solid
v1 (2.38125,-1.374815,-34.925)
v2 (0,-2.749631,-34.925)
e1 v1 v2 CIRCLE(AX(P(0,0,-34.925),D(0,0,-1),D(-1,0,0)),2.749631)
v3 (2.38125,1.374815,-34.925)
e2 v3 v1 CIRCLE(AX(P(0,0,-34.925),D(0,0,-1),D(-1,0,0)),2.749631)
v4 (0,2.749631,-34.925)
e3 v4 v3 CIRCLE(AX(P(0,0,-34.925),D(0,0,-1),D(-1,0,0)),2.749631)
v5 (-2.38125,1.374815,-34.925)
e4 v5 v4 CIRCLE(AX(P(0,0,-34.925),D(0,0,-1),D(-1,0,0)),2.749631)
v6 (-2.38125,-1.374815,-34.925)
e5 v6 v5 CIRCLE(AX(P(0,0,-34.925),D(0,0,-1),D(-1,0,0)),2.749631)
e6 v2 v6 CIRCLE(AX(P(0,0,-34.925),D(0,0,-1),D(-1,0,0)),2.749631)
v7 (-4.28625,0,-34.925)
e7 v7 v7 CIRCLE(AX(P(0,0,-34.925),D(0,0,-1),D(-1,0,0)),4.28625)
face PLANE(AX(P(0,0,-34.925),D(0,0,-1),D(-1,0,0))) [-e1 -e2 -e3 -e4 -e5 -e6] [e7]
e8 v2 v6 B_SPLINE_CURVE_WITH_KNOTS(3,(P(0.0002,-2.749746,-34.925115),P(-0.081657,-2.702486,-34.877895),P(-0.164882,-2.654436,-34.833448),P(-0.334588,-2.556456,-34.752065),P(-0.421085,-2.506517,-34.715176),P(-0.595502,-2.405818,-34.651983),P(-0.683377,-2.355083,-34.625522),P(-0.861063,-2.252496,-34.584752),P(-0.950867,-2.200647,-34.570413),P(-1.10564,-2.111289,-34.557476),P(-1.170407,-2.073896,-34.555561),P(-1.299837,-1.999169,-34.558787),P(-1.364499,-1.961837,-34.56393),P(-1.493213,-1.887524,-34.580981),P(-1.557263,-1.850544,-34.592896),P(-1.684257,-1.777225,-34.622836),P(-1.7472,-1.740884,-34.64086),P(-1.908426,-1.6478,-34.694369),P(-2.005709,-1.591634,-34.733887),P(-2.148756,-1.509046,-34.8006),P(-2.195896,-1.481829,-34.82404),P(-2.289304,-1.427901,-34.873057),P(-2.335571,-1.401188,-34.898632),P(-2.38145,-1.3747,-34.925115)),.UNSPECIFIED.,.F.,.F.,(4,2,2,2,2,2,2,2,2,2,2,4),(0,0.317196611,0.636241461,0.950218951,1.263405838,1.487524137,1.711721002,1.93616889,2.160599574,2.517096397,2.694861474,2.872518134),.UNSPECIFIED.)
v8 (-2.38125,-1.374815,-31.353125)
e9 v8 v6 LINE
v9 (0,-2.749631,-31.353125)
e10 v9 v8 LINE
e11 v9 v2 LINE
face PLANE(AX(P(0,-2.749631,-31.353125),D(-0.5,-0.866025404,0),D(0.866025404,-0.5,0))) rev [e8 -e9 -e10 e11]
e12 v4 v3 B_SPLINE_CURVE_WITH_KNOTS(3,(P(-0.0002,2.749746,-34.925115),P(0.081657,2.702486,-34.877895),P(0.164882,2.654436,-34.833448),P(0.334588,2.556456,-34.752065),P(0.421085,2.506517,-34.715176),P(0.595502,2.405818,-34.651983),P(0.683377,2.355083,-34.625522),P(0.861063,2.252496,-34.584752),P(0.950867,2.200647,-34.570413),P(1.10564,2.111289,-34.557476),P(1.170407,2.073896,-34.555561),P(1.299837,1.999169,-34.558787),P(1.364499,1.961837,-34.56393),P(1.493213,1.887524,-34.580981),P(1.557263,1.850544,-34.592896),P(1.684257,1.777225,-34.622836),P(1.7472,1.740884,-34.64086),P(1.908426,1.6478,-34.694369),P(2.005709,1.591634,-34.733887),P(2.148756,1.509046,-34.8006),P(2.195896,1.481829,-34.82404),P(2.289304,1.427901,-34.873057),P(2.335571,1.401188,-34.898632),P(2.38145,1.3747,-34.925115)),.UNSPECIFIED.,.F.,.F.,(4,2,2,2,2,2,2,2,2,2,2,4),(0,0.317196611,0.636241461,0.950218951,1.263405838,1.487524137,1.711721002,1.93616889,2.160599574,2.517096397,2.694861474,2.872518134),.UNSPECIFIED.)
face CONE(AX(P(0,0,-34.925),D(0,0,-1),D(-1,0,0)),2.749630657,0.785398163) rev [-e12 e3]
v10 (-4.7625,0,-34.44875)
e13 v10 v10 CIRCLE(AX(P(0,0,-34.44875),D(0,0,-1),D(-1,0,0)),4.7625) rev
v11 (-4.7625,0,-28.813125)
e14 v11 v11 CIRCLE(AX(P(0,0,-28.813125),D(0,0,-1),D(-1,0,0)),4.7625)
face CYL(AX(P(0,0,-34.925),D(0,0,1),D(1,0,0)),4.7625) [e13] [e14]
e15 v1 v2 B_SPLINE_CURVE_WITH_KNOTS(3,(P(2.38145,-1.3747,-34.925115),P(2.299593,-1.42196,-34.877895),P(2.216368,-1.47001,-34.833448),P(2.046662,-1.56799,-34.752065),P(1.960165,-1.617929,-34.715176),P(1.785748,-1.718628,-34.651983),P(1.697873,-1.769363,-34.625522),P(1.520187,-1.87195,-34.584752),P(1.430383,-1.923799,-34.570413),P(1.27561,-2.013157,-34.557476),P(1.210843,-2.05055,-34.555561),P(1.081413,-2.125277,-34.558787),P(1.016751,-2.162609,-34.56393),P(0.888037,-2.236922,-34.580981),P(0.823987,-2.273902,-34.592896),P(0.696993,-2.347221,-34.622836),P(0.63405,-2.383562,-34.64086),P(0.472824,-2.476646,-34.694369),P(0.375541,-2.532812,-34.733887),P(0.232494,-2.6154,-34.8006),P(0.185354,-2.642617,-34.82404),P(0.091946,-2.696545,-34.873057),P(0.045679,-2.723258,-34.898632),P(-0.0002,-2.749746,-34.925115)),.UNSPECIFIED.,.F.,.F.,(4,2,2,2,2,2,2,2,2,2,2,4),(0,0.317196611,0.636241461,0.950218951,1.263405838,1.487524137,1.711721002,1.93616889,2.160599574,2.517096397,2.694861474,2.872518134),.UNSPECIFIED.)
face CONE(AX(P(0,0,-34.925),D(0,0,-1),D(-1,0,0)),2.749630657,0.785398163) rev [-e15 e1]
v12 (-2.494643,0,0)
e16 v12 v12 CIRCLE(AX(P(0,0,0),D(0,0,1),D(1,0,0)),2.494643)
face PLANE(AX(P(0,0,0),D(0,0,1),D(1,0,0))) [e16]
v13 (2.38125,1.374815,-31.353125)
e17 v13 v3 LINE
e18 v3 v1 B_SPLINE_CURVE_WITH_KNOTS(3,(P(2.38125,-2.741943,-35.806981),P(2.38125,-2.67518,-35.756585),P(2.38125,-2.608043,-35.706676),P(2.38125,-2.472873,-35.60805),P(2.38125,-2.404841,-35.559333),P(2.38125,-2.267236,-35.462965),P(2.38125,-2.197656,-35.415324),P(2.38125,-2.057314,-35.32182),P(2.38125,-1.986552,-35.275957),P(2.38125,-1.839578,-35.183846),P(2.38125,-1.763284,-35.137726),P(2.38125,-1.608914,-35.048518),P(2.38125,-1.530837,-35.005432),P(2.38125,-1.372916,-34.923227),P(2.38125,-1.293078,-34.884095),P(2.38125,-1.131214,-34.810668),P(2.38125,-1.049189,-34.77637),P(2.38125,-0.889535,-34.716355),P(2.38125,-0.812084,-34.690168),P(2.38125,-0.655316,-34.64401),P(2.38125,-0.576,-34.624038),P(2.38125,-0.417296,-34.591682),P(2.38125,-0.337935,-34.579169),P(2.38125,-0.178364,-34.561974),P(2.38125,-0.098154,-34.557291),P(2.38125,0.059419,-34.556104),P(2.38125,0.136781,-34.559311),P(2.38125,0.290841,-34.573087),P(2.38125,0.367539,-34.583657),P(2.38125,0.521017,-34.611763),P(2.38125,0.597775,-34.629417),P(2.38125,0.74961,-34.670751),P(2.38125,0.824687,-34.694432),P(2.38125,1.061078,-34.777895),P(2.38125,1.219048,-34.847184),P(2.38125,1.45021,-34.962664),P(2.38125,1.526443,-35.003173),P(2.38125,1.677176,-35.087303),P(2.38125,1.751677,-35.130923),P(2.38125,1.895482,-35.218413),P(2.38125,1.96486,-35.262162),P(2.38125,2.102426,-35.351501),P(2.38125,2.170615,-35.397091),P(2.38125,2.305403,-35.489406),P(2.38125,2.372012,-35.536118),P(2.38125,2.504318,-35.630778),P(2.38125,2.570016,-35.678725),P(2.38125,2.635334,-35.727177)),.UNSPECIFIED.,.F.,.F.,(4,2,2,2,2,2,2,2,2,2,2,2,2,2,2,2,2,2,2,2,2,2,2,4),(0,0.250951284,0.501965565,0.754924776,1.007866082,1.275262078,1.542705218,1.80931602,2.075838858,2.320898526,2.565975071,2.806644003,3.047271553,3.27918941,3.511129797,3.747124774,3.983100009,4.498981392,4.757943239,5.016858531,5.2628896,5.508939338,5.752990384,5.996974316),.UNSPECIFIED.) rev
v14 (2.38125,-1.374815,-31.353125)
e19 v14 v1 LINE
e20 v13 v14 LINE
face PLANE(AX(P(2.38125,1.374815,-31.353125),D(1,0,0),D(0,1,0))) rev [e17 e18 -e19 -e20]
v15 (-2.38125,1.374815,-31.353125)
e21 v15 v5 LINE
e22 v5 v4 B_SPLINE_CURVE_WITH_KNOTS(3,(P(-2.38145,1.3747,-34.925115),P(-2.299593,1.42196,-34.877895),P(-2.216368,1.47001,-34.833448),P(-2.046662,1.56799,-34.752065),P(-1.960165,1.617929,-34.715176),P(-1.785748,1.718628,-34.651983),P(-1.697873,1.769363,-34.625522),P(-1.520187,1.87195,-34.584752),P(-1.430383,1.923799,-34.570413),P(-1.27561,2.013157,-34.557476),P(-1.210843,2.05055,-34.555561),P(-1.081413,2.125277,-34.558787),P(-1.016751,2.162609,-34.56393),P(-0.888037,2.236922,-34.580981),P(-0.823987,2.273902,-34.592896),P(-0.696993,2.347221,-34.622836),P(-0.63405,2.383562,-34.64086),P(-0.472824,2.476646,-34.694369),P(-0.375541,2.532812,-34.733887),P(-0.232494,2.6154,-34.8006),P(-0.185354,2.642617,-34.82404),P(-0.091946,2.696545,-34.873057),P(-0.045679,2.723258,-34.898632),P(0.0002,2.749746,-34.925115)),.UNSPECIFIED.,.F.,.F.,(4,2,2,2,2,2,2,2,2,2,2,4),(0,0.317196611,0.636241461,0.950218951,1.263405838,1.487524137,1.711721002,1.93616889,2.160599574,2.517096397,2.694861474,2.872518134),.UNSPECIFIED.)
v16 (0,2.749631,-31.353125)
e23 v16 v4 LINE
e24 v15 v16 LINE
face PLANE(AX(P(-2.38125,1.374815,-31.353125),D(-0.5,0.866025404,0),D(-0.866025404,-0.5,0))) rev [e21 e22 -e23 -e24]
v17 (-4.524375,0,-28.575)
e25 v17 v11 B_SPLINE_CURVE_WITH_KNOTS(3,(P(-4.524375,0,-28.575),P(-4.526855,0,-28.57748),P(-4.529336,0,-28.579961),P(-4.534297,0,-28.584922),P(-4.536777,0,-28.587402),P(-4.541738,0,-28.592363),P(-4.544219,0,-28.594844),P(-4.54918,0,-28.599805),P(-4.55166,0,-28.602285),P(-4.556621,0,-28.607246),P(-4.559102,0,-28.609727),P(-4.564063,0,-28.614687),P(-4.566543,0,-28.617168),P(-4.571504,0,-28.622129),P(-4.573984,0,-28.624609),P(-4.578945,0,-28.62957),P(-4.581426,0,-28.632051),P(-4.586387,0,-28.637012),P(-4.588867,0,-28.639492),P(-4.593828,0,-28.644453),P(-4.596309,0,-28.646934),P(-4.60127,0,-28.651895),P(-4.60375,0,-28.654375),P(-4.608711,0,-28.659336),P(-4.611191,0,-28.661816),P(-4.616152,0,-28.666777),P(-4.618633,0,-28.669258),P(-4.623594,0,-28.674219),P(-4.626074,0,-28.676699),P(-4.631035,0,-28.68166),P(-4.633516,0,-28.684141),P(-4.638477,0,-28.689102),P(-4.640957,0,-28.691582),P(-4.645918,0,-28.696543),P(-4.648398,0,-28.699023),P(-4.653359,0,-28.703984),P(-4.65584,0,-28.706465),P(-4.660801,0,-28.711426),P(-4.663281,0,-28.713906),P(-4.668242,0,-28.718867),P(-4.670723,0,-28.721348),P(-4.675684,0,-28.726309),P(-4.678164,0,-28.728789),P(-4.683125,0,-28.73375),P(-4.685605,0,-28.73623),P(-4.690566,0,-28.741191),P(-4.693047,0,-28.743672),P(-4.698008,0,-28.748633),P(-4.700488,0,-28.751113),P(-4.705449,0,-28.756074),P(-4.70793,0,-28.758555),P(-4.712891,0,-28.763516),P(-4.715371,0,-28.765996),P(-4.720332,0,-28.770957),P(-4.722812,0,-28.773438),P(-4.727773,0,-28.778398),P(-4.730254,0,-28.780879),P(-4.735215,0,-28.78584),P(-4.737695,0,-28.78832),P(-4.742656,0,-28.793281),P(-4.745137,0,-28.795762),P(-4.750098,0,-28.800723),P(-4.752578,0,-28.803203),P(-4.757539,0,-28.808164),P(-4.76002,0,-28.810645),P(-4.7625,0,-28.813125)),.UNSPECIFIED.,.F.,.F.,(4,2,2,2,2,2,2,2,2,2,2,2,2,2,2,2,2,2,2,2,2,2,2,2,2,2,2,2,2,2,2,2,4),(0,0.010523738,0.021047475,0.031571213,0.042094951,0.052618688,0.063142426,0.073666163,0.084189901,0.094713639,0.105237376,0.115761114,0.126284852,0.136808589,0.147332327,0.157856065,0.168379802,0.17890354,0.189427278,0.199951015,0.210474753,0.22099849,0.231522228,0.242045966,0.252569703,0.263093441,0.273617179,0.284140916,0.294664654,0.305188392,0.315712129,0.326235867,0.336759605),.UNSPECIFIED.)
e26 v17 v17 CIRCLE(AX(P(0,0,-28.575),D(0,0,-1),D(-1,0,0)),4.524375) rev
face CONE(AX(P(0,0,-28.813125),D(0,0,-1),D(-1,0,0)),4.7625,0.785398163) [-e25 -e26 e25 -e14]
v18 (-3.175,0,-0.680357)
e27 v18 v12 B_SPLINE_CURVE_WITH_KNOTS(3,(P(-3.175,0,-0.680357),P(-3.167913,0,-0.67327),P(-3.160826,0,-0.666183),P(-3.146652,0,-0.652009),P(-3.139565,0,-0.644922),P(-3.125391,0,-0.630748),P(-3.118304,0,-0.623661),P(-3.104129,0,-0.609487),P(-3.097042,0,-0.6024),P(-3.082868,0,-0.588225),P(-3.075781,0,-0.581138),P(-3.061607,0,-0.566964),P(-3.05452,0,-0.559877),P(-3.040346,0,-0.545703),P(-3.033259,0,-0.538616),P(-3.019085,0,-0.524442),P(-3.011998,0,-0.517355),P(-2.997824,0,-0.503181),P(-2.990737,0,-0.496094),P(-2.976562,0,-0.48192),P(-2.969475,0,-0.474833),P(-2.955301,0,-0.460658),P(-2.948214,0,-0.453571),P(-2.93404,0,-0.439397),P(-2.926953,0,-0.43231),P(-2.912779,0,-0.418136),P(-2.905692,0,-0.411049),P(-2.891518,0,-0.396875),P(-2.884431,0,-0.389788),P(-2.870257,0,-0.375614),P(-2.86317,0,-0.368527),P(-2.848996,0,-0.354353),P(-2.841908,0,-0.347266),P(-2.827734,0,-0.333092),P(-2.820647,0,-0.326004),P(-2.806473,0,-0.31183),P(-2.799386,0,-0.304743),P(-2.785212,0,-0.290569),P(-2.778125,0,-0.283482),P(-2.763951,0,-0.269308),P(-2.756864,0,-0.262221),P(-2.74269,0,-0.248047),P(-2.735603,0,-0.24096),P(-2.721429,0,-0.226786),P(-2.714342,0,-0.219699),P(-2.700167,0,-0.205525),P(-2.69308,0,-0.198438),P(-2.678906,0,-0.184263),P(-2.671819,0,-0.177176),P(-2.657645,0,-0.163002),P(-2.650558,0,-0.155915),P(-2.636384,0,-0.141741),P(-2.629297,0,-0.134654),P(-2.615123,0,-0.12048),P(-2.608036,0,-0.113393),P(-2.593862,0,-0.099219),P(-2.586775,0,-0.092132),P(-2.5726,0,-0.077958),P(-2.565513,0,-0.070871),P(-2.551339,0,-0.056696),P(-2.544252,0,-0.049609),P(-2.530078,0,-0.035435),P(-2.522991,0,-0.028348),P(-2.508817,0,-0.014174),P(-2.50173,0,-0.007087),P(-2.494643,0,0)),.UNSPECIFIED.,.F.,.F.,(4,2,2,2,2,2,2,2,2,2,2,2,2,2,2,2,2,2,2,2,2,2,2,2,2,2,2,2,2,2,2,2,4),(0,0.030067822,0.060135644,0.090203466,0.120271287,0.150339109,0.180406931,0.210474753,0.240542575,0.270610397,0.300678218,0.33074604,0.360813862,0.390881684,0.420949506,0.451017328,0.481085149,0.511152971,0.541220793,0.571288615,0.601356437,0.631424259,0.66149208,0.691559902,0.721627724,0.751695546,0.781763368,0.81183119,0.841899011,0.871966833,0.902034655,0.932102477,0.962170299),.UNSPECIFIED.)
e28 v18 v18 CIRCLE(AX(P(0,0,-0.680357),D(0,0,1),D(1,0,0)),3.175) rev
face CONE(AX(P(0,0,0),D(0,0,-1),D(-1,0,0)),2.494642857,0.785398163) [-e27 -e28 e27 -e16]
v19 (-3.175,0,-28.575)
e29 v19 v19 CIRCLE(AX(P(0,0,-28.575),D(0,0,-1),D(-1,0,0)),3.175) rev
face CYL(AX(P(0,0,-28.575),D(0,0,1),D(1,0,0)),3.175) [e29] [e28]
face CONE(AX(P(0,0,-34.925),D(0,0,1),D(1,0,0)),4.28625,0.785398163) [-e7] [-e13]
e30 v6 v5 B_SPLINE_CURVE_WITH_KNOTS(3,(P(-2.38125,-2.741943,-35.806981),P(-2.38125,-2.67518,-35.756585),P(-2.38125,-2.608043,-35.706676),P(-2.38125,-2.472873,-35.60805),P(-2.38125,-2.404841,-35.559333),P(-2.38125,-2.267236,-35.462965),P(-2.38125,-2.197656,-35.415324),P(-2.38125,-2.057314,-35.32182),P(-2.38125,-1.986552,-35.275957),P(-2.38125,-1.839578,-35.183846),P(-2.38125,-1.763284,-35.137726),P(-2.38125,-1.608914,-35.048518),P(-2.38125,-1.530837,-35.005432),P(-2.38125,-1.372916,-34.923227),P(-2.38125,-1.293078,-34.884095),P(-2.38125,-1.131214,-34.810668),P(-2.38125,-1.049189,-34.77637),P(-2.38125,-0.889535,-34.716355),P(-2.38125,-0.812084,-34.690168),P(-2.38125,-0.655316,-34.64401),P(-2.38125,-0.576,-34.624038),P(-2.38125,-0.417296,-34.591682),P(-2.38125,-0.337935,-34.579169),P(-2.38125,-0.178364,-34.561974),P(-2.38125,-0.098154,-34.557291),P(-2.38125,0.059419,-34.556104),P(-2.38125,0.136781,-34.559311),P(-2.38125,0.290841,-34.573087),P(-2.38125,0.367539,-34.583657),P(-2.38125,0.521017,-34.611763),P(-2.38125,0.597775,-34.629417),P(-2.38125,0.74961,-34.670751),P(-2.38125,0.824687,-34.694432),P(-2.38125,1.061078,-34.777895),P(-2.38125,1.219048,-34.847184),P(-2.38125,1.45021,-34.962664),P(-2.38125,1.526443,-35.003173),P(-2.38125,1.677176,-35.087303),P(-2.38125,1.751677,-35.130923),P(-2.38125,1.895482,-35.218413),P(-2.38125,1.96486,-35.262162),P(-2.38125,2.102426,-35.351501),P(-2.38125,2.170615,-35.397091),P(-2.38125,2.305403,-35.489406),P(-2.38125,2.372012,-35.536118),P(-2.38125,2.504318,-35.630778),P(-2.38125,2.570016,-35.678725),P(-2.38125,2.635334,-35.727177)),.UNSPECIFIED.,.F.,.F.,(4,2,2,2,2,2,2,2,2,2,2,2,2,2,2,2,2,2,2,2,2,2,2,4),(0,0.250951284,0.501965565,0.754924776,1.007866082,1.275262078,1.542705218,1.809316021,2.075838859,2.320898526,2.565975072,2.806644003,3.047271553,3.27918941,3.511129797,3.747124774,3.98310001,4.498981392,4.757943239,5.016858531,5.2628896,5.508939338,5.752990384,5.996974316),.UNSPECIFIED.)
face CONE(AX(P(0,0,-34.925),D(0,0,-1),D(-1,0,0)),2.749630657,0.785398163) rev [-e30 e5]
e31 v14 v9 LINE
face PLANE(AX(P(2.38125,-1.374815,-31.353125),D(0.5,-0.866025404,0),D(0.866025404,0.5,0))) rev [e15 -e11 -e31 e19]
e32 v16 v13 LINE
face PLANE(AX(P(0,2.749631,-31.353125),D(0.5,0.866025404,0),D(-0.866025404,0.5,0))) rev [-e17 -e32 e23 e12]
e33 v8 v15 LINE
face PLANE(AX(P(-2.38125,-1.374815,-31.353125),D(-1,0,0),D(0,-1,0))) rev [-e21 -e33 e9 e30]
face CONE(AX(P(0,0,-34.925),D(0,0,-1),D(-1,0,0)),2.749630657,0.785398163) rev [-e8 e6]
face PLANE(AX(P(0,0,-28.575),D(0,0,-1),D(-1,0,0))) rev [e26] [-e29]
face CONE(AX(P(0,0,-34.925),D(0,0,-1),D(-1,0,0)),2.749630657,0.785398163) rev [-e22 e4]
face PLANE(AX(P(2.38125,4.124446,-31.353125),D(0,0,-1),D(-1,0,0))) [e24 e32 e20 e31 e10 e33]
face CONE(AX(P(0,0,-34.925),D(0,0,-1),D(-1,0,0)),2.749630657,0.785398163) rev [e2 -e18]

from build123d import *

# Parameters (mm, degrees)
SKETCH1_R          = 3.175
EXTRUDE1_DEPTH     = 28.575
CHAMFER3_SIZE      = 0.680357143
SKETCH6_R          = 4.7625
EXTRUDE2_DEPTH     = 6.35
CUT_EXTRUDE1_DEPTH = 3.571875
CHAMFER1_SIZE      = 0.47625
CHAMFER2_SIZE      = 0.238125


with BuildPart() as part:
    # Sketch1 → Extrude1 (new body)
    with BuildSketch(Plane.XY):
        Circle(SKETCH1_R)
    extrude(amount=-EXTRUDE1_DEPTH)

    # Chamfer3
    chamfer3_edges = [part.edges().sort_by_distance(p)[0] for p in [
        (-3.175, 0, 0),
    ]]
    chamfer(chamfer3_edges, length=CHAMFER3_SIZE)

    # Sketch6 → Extrude2 (add)
    with BuildSketch(Plane(origin=(0, 0, -28.575), x_dir=(-1, 0, 0), z_dir=(0, 0, -1))):
        Circle(SKETCH6_R)
    extrude(amount=EXTRUDE2_DEPTH)

    # Sketch7 → Cut-Extrude1 (cut)
    with BuildSketch(Plane(origin=(0, 0, -34.925), x_dir=(-1, 0, 0), z_dir=(0, 0, -1))):
        Polygon((0, 2.749630657), (-2.38125, 1.374815329), (-2.38125, -1.374815329), (0, -2.749630657), (2.38125, -1.374815329), (2.38125, 1.374815329), align=None)
    extrude(amount=-CUT_EXTRUDE1_DEPTH, mode=Mode.SUBTRACT)

    # Cut-Extrude2 cone 1 section (through the dimple's axis) → Cut-Extrude2 (revolve, cut)
    with BuildSketch(Plane(origin=(0, 0, -34.925), x_dir=(0, 1, 0), z_dir=(1, 0, 0))):
        Polygon((0, 0), (2.749630657, 0), (0, 2.749630657), align=None)
    revolve(axis=Axis((0, 0, -34.925), (0, 0, 1)), mode=Mode.SUBTRACT)

    # Chamfer1
    chamfer1_edges = [part.edges().sort_by_distance(p)[0] for p in [
        (4.7625, 0, -34.925),
    ]]
    chamfer(chamfer1_edges, length=CHAMFER1_SIZE)

    # Chamfer2
    chamfer2_edges = [part.edges().sort_by_distance(p)[0] for p in [
        (4.7625, 0, -28.575),
    ]]
    chamfer(chamfer2_edges, length=CHAMFER2_SIZE)


solid = part.part
